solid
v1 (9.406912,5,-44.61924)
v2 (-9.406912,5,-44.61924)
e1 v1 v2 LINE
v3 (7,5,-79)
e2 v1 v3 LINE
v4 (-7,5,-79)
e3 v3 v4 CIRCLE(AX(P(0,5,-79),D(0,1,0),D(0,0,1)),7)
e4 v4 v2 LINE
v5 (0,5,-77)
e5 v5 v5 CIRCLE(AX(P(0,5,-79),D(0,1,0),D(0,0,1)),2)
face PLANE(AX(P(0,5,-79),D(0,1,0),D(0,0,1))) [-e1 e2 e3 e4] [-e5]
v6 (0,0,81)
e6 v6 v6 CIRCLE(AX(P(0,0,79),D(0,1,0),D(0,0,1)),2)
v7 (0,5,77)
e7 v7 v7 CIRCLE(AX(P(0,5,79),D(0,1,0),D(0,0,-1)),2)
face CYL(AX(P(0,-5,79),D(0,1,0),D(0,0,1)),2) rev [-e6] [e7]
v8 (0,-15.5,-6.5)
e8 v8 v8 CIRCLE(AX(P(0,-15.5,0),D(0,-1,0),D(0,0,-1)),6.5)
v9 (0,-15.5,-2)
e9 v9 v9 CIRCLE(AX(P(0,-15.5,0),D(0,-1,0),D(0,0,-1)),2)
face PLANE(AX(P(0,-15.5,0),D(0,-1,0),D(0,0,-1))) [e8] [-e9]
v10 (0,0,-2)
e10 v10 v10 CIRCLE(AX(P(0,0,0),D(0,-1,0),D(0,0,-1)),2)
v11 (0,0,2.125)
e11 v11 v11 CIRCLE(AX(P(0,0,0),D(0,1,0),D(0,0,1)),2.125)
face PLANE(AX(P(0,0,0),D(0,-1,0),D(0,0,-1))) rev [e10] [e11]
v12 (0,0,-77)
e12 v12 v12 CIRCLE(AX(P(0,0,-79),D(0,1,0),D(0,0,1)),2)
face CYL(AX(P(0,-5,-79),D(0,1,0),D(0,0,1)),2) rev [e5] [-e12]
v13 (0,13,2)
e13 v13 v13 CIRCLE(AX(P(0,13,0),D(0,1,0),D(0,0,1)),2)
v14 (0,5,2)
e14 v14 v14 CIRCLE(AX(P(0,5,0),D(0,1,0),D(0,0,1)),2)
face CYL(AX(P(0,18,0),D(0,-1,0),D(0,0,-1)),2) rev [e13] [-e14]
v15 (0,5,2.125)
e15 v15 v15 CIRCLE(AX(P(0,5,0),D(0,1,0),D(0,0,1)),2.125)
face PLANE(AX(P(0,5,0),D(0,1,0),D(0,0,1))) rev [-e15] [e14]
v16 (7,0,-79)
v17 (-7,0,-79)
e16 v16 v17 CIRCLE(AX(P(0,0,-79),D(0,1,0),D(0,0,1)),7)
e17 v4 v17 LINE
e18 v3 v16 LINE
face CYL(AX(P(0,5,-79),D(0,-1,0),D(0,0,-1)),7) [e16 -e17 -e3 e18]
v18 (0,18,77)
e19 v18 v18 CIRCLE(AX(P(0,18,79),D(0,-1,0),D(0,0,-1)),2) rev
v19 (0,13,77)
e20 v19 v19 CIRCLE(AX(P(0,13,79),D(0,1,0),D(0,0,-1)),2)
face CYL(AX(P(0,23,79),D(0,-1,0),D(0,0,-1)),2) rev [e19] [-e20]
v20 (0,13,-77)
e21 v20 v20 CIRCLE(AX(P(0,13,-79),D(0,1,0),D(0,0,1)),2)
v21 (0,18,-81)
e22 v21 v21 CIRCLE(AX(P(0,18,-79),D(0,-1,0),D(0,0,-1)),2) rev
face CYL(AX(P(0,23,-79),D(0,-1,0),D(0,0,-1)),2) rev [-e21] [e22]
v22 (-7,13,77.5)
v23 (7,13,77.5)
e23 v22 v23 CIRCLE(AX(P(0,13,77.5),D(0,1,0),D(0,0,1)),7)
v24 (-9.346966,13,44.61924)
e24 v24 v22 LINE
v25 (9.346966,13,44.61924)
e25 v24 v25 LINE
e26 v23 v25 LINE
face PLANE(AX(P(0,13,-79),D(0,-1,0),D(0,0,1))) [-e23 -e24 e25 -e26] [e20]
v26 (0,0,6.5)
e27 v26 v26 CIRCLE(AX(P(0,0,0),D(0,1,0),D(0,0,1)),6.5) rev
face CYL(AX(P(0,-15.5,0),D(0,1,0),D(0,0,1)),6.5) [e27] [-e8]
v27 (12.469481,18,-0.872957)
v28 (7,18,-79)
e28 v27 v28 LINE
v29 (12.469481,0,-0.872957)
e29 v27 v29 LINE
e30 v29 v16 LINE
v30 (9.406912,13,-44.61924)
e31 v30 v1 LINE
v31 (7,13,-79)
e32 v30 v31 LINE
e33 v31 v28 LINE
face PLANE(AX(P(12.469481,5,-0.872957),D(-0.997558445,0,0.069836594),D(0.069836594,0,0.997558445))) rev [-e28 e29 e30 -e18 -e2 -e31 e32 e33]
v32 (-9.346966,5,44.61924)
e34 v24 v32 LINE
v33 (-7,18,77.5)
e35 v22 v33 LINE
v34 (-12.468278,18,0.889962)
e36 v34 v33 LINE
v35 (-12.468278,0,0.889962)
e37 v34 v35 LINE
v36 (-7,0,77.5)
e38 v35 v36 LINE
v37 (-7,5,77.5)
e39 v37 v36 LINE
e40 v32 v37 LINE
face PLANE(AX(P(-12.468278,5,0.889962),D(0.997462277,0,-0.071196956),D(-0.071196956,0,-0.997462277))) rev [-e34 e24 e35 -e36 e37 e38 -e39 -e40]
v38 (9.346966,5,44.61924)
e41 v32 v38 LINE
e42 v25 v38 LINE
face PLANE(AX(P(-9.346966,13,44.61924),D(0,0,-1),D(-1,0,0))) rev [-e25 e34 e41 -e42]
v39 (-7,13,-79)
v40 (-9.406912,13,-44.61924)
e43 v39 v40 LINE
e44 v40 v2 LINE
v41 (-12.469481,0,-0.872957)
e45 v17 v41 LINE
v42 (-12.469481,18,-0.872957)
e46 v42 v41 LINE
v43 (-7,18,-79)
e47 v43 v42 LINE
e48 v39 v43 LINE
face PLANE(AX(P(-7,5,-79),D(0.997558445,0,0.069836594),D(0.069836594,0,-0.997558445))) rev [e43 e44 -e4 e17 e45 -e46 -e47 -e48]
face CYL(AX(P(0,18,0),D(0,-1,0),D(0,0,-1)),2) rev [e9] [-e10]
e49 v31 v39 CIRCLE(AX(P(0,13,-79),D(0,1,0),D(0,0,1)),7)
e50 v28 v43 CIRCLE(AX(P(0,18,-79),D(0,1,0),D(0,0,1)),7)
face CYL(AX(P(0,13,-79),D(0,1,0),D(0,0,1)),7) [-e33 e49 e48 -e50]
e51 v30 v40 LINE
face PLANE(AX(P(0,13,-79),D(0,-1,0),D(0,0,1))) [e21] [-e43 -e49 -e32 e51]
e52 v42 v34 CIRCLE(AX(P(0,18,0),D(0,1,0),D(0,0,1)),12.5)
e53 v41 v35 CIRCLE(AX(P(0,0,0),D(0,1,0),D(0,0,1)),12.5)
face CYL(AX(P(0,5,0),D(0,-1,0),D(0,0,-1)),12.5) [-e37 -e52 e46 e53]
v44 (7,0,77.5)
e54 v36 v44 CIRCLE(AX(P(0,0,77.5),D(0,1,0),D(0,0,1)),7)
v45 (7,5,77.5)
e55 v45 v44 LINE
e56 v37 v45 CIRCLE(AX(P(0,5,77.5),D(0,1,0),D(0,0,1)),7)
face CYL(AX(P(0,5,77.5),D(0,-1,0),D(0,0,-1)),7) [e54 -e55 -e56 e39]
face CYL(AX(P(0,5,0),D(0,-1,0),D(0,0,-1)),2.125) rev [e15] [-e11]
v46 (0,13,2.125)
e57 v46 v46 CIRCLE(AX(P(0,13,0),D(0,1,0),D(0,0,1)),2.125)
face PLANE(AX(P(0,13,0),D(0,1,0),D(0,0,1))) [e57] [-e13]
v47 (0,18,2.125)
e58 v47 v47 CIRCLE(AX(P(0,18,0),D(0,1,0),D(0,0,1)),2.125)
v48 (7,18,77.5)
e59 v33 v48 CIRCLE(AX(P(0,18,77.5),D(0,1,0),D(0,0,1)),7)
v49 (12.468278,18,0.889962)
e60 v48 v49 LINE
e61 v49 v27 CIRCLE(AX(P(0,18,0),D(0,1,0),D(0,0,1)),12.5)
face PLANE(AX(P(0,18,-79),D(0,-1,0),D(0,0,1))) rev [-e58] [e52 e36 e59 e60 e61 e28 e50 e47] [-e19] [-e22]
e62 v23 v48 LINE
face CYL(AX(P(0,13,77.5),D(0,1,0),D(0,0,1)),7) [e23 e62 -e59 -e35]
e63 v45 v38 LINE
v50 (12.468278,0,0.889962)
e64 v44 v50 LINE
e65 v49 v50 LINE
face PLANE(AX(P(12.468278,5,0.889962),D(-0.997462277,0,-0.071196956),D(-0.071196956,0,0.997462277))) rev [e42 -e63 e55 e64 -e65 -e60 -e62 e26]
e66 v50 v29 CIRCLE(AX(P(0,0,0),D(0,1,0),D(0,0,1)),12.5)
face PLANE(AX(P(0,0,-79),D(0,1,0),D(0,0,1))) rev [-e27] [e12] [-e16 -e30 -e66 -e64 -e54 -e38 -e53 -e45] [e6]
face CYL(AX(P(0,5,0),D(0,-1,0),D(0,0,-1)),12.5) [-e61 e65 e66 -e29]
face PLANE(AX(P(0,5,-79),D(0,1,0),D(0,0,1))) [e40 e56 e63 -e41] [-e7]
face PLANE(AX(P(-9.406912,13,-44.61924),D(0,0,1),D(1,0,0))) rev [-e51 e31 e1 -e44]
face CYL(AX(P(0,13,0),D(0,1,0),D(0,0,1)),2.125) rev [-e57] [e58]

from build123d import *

# Parameters (mm, degrees)
SKETCH1_R           = 2.125
BOSS_EXTRUDE1_DEPTH = 5
SKETCH2_R           = 2
CUT_EXTRUDE1_DEPTH  = 10
SKETCH5_R           = 6.5
BOSS_EXTRUDE2_DEPTH = 15.5
BOSS_EXTRUDE3_DEPTH = 8
SKETCH8_R           = 2
CUT_EXTRUDE2_DEPTH  = 34.5


with BuildPart() as part:
    # Sketch1 → Boss-Extrude1 (new body)
    with BuildSketch(Plane(origin=(0, 0, 0), x_dir=(1, 0, 0), z_dir=(0, 1, 0))):
        with BuildLine():
            Line((-7, 79), (-12.469480556, 0.872957419))
            ThreePointArc((-12.469480556, 0.872957419), (-12.499997094, -0.008523482), (-12.468278459, -0.889961946))
            Line((-12.468278459, -0.889961946), (-7, -77.5))
            ThreePointArc((-7, -77.5), (0, -84.5), (7, -77.5))
            Line((7, -77.5), (12.468278459, -0.889961946))
            ThreePointArc((12.468278459, -0.889961946), (12.499997094, -0.008523482), (12.469480556, 0.872957419))
            Line((12.469480556, 0.872957419), (7, 79))
            ThreePointArc((7, 79), (0, 86), (-7, 79))
        make_face()
        Circle(SKETCH1_R, mode=Mode.SUBTRACT)
    boss_extrude1 = extrude(amount=BOSS_EXTRUDE1_DEPTH)

    # Sketch2 → Cut-Extrude1 (cut)
    with BuildSketch(Plane(origin=(0, 5, 0), x_dir=(1, 0, 0), z_dir=(0, 1, 0))):
        with Locations((0, 79)):
            Circle(SKETCH2_R)
        with Locations((0, -79)):
            Circle(SKETCH2_R)
    cut_extrude1 = extrude(amount=-CUT_EXTRUDE1_DEPTH, mode=Mode.SUBTRACT)

    # Sketch5 → Boss-Extrude2 (add)
    with BuildSketch(Plane.XZ):
        Circle(SKETCH5_R)
    extrude(amount=BOSS_EXTRUDE2_DEPTH)

    # Sketch6 → Boss-Extrude3 (add)
    with BuildSketch(Plane(origin=(0, 5, 0), x_dir=(1, 0, 0), z_dir=(0, 1, 0))):
        with BuildLine():
            Line((-9.4069118, 44.619239575), (9.4069118, 44.619239575))
            Line((9.4069118, 44.619239575), (12.469480556, 0.872957419))
            ThreePointArc((12.469480556, 0.872957419), (12.499997094, -0.008523482), (12.468278459, -0.889961946))
            Line((12.468278459, -0.889961946), (9.346965992, -44.619239575))
            Line((9.346965992, -44.619239575), (-9.346965992, -44.619239575))
            Line((-9.346965992, -44.619239575), (-12.468278459, -0.889961946))
            ThreePointArc((-12.468278459, -0.889961946), (-12.499997094, -0.008523482), (-12.469480556, 0.872957419))
            Line((-12.469480556, 0.872957419), (-9.4069118, 44.619239575))
        make_face()
    extrude(amount=BOSS_EXTRUDE3_DEPTH)

    # Mirror1: Boss-Extrude1, Cut-Extrude1 across plane
    add(boss_extrude1.mirror(Plane.ZX.offset(9)))
    add(cut_extrude1.mirror(Plane.ZX.offset(9)), mode=Mode.SUBTRACT)

    # Sketch8 → Cut-Extrude2 (cut, through all)
    with BuildSketch(Plane.XZ.offset(15.5)):
        Circle(SKETCH8_R)
    extrude(amount=-CUT_EXTRUDE2_DEPTH, mode=Mode.SUBTRACT)


solid = part.part
